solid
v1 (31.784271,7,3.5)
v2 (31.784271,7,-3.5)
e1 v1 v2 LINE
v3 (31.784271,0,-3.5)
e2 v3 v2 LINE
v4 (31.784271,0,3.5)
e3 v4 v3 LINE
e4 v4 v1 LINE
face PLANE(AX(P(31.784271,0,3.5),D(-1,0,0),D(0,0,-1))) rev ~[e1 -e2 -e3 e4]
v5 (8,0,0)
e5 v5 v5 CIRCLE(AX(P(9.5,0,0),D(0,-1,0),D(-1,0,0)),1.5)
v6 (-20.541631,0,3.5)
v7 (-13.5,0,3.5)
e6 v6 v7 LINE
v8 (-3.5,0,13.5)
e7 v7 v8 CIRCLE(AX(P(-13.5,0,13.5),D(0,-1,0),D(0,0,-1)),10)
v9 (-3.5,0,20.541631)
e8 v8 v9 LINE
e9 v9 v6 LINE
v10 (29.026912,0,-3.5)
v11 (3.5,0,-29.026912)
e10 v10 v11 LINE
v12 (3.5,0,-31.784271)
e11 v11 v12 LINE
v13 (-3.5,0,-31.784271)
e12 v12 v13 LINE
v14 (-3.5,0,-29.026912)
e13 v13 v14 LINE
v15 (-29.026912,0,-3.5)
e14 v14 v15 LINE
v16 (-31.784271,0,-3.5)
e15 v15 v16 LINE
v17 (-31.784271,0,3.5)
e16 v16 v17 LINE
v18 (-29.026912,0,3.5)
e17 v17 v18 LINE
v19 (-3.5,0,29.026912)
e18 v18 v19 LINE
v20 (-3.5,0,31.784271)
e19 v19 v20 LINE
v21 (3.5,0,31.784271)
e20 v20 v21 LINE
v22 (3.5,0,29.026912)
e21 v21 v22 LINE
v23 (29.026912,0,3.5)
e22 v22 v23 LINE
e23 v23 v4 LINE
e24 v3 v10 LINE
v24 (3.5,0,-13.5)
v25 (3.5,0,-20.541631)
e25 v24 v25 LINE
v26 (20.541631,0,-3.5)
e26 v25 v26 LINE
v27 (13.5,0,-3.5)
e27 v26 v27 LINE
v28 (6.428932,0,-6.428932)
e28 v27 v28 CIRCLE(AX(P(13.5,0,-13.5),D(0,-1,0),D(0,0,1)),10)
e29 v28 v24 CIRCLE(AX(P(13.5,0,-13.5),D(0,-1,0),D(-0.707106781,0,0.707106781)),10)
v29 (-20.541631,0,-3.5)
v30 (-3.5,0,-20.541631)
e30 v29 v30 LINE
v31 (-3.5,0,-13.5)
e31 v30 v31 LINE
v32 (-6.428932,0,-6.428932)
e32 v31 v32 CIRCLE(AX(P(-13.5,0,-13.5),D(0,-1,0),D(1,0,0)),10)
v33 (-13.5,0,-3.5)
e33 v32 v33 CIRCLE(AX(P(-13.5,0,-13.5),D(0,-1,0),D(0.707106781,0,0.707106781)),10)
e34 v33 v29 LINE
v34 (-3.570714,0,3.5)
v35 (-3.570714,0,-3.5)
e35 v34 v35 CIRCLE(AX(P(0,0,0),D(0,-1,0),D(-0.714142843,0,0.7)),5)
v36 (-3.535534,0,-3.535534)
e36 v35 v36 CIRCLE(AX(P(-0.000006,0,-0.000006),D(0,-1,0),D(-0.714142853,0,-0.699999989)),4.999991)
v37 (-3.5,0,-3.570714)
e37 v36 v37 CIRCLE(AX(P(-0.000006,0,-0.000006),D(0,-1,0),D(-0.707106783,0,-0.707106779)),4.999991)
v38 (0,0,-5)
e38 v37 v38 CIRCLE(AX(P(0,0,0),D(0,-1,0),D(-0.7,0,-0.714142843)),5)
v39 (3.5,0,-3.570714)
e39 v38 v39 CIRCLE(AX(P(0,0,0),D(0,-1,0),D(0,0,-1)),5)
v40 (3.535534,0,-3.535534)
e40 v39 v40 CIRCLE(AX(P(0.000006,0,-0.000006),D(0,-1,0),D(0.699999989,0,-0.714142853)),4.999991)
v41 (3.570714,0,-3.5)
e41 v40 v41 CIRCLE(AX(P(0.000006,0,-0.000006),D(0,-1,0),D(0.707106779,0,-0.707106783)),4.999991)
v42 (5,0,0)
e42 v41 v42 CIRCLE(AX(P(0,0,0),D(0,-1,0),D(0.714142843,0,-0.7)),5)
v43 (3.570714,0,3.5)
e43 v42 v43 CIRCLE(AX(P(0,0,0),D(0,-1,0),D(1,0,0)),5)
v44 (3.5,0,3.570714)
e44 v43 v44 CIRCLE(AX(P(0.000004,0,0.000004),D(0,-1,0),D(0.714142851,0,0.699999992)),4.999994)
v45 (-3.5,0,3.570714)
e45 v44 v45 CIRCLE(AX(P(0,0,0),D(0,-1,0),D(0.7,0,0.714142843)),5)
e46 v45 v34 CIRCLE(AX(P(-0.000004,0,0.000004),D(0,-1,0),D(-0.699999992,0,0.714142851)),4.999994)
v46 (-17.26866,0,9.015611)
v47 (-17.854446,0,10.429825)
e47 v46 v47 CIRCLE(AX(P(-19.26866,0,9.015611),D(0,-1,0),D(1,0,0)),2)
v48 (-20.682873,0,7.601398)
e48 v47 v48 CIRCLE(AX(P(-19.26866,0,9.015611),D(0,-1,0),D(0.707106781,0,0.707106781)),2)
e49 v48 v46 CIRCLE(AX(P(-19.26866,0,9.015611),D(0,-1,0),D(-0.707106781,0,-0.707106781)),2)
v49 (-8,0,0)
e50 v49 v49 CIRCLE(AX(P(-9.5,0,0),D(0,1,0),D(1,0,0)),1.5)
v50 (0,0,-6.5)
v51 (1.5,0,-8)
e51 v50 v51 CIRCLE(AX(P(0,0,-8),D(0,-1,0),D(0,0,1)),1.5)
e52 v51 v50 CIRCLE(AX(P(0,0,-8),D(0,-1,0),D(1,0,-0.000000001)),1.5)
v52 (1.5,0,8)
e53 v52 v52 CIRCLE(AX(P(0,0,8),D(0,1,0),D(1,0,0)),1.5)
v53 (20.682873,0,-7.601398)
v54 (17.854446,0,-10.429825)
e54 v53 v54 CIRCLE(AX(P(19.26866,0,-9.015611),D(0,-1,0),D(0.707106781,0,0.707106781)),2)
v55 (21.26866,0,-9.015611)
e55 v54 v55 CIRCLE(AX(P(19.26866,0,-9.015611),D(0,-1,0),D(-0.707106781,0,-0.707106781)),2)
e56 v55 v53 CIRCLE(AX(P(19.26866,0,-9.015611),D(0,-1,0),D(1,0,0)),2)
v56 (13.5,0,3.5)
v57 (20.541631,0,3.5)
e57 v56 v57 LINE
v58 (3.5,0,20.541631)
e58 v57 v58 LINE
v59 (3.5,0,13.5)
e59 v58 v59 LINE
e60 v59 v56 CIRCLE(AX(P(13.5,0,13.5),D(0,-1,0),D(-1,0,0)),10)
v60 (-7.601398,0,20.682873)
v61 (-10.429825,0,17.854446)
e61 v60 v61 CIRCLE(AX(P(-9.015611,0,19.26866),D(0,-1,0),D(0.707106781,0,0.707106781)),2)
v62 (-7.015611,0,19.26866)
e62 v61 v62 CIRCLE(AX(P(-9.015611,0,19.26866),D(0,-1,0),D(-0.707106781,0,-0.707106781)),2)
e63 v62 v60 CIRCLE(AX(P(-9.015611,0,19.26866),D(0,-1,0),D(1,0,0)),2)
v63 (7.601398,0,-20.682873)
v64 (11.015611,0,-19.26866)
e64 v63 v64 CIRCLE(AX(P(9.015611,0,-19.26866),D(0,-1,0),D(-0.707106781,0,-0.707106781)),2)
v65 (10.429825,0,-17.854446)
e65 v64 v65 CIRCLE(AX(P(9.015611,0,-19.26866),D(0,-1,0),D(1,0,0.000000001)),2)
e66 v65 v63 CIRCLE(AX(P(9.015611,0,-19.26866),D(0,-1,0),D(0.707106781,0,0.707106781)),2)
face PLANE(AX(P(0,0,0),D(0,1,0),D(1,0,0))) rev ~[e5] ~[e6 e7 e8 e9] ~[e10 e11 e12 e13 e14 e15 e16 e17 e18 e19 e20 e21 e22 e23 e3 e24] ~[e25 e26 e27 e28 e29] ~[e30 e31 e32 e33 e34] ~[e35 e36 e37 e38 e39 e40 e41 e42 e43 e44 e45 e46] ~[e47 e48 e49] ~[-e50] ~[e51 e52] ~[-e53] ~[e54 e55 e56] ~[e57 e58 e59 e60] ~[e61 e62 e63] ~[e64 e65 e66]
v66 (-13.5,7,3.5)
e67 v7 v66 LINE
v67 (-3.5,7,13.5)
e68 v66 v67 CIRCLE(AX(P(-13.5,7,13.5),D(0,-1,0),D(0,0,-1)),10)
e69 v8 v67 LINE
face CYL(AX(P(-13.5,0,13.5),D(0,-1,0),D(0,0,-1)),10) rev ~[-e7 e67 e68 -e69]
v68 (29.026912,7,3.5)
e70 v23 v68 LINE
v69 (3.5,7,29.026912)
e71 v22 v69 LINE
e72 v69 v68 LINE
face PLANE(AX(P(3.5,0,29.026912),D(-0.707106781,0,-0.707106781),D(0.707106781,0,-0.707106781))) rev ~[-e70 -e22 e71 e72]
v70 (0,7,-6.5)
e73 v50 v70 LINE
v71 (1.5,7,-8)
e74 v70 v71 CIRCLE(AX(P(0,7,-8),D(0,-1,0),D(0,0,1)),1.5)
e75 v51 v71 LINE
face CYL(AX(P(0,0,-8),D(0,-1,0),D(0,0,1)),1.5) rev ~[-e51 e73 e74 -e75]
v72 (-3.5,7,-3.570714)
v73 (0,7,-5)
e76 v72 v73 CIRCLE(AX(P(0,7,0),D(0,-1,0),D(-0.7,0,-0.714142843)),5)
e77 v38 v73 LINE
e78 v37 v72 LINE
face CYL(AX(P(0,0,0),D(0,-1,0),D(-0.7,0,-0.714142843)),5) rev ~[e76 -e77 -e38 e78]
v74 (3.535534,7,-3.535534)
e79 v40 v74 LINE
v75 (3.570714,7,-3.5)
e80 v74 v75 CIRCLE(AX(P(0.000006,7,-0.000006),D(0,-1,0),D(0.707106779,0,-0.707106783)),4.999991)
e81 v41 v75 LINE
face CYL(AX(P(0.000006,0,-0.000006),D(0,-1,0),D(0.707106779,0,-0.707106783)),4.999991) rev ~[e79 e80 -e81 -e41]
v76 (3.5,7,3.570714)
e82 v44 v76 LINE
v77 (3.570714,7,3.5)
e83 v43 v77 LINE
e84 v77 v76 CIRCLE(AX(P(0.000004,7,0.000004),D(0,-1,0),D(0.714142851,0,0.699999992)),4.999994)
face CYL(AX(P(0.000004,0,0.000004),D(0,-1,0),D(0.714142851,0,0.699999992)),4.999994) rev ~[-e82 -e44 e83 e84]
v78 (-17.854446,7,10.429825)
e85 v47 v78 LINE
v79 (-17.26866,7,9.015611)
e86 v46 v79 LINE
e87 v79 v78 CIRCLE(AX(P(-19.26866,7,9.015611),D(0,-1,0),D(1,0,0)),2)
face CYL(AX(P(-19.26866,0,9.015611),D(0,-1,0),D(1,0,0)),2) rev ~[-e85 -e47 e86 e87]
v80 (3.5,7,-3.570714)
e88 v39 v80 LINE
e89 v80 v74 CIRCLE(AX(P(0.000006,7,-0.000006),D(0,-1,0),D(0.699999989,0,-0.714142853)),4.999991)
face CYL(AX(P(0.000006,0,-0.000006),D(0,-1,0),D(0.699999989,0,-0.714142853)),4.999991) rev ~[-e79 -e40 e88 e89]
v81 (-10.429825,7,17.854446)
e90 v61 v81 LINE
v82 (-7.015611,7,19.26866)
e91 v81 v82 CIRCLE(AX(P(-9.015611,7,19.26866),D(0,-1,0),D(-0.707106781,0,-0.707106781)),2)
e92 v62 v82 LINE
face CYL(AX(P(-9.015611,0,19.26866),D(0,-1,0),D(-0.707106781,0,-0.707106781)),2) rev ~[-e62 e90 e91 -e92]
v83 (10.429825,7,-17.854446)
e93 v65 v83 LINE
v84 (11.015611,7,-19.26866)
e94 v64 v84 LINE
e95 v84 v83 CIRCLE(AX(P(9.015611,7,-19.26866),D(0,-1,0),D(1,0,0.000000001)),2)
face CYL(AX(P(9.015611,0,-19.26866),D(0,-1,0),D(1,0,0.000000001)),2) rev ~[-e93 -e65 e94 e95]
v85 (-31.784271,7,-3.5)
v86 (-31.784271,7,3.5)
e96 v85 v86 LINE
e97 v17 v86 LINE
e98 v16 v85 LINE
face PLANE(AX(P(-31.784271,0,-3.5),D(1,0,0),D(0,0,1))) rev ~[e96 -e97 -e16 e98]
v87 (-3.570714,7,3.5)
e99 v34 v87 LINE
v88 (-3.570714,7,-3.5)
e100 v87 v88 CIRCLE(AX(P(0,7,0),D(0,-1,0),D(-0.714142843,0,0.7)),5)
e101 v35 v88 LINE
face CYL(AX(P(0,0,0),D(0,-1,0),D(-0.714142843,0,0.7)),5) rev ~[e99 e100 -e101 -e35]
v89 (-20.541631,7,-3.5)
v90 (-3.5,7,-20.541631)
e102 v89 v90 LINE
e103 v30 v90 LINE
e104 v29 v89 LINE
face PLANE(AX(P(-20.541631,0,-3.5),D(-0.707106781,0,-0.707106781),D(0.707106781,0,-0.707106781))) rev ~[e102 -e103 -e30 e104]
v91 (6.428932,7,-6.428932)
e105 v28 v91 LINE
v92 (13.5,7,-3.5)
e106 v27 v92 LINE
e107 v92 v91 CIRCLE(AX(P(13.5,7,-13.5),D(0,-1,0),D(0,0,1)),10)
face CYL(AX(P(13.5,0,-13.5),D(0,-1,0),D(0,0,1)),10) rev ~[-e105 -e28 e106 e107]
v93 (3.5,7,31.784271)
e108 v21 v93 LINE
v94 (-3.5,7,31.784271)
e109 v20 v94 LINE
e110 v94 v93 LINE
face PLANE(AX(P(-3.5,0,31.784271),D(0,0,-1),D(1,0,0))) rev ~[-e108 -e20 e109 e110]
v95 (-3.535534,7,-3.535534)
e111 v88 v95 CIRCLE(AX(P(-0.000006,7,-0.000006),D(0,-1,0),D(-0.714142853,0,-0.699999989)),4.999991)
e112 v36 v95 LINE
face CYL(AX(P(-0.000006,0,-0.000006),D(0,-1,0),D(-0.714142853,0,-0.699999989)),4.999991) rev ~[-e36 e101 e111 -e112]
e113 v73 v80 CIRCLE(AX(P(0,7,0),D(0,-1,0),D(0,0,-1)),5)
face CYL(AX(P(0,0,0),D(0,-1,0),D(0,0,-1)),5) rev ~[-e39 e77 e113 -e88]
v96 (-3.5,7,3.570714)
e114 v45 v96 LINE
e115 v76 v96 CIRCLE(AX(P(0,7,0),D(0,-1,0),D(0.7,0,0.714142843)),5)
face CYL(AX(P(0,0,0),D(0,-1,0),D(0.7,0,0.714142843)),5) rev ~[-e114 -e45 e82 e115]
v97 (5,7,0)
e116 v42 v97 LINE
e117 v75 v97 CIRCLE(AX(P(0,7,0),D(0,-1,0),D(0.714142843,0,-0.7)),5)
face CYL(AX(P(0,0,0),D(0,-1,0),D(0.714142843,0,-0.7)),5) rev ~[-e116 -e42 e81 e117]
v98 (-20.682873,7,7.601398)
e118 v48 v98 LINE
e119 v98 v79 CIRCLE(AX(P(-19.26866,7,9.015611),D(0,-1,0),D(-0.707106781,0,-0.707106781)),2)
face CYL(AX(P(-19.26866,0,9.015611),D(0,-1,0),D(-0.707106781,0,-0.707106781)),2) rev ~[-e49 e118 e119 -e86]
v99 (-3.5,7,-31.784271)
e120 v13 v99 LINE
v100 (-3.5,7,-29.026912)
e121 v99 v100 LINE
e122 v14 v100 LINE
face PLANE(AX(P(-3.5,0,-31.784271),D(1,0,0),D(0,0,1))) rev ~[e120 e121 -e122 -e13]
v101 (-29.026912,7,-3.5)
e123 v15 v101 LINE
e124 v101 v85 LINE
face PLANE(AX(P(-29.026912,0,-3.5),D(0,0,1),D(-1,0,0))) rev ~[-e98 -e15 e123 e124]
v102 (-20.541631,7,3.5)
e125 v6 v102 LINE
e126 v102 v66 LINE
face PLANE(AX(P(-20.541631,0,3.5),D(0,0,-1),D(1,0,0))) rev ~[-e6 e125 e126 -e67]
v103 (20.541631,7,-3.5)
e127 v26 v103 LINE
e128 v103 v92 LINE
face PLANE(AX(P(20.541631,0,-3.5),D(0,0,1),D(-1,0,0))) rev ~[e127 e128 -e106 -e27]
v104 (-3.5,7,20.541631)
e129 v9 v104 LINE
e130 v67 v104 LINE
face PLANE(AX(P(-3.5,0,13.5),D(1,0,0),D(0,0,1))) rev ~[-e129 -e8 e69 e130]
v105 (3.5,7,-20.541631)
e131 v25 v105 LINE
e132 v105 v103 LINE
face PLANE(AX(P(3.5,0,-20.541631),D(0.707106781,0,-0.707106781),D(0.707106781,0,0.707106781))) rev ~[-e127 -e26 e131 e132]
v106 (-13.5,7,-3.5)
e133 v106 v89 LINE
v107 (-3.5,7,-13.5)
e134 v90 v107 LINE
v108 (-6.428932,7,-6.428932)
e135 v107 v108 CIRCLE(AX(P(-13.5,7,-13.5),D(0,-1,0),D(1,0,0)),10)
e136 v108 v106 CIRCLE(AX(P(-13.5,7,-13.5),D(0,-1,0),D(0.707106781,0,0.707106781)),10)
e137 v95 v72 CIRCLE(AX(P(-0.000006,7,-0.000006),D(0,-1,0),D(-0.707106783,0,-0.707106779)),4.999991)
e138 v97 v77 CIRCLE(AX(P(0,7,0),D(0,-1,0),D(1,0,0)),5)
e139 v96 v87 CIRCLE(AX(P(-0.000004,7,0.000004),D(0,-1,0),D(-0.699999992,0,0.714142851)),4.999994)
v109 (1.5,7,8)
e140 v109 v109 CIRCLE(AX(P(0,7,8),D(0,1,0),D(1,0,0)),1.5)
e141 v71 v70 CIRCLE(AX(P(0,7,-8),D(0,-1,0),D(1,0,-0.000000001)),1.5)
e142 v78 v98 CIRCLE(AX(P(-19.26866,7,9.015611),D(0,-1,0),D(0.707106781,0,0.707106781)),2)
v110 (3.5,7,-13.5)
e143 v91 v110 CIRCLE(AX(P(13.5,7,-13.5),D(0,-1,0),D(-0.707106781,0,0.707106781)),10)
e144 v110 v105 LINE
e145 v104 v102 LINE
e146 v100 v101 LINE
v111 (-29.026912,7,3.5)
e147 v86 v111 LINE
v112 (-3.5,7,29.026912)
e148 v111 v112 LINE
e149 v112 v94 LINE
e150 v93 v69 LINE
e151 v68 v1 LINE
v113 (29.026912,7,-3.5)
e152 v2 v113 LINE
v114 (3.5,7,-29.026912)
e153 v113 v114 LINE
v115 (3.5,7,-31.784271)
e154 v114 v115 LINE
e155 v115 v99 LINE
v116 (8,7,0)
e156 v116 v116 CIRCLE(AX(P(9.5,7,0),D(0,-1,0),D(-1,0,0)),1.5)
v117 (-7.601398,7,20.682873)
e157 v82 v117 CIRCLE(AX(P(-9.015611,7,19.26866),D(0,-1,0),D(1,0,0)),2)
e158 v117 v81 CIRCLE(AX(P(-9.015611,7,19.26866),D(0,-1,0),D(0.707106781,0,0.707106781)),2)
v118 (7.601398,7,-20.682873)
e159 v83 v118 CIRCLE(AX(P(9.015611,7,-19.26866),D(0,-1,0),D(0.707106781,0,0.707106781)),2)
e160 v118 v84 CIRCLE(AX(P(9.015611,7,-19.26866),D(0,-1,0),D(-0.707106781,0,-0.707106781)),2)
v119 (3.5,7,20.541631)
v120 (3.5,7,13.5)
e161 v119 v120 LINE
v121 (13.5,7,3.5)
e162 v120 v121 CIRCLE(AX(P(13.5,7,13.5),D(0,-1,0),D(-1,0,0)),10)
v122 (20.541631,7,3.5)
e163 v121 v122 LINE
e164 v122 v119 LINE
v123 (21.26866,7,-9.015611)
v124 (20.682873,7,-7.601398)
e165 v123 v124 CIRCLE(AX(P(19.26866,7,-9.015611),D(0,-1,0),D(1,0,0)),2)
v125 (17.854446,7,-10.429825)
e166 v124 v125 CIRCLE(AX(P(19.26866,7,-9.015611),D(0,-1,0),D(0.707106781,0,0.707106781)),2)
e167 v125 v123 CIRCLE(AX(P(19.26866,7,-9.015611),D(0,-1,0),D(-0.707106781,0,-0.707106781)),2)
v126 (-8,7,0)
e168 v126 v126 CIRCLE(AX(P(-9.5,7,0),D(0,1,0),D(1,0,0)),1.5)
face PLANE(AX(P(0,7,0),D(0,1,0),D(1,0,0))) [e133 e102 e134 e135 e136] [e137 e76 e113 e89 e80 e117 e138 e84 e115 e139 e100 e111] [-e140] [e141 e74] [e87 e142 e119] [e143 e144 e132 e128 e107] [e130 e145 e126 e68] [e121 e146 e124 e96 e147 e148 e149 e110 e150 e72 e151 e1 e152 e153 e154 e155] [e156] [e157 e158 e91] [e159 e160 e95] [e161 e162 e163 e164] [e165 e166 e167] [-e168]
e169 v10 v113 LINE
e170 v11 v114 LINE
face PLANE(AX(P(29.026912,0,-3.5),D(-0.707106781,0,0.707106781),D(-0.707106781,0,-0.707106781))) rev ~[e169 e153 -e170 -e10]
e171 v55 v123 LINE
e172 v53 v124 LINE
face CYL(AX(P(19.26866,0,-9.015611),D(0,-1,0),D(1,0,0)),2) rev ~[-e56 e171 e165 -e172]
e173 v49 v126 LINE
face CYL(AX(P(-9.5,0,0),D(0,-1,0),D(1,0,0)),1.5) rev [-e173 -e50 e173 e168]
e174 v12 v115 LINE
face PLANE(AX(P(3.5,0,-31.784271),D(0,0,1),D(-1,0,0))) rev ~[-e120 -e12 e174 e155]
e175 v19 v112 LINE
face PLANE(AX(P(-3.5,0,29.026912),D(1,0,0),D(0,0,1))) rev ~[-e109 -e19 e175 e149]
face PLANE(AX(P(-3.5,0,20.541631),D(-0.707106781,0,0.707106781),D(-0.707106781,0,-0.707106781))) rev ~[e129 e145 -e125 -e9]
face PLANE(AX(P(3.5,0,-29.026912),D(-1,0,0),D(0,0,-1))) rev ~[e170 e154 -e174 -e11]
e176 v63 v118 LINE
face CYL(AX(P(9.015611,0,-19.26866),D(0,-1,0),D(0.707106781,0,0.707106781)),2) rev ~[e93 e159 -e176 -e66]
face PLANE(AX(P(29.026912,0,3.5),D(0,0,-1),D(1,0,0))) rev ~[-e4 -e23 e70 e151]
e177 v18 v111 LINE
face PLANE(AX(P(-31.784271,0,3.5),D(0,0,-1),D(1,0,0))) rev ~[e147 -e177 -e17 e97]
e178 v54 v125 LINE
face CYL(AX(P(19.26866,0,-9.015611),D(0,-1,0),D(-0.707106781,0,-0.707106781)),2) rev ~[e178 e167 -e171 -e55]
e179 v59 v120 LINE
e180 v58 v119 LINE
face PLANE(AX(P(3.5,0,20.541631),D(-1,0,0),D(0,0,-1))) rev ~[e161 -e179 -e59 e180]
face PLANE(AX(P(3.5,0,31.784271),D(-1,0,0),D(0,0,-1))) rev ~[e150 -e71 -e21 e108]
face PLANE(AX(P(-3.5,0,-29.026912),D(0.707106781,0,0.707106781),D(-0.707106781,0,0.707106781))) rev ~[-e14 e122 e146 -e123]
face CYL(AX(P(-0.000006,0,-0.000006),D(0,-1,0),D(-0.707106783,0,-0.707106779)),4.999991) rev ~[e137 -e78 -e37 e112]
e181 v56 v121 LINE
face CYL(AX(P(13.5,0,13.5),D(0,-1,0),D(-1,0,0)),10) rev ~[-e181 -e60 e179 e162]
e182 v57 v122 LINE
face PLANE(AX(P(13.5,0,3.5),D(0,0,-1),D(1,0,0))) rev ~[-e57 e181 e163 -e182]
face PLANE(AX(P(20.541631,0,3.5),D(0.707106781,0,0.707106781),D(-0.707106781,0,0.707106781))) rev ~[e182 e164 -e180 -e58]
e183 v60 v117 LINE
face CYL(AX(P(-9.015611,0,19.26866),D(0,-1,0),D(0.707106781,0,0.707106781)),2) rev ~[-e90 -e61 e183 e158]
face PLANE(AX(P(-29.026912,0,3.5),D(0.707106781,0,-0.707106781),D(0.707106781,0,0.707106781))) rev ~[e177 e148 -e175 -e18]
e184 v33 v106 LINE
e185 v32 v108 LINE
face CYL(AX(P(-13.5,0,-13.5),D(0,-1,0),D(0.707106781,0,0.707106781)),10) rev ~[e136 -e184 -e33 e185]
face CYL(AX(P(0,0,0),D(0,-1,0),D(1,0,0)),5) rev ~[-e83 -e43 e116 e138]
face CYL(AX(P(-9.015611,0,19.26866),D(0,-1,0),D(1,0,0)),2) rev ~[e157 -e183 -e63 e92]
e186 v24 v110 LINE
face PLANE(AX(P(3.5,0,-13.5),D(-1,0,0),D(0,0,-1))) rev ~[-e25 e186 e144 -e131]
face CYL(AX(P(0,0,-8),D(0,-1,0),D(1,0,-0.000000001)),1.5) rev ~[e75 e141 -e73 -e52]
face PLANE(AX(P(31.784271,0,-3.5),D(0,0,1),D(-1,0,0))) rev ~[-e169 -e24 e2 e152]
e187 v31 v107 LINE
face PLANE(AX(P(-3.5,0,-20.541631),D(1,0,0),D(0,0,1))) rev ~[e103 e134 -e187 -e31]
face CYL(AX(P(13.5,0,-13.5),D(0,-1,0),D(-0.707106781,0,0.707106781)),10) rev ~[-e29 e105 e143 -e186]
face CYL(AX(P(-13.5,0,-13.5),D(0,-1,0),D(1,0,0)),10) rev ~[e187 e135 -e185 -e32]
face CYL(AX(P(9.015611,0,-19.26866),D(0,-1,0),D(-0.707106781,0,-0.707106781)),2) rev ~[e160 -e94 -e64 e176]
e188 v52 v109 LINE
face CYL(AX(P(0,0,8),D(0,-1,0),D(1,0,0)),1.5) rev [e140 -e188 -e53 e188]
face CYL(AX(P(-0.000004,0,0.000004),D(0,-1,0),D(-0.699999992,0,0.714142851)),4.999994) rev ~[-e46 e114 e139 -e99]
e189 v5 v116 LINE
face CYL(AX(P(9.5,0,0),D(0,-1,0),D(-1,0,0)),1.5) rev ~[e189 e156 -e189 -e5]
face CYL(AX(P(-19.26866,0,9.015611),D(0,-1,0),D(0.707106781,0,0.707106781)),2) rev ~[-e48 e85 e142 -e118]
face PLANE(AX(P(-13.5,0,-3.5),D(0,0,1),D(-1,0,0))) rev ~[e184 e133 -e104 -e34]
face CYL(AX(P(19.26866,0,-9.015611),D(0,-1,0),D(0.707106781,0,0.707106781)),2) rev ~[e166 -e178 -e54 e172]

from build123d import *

# Parameters (mm, degrees)
SKETCH1_R           = 1.5
BOSS_EXTRUDE1_DEPTH = 7


with BuildPart() as part:
    # Sketch1 → Boss-Extrude1 (new body)
    with BuildSketch(Plane(origin=(0, 0, 0), x_dir=(1, 0, 0), z_dir=(0, 1, 0))):
        Polygon((-3.5, -29.026911935), (-3.5, -31.784271247), (3.5, -31.784271247), (3.5, -29.026911935), (29.026911935, -3.5), (31.784271247, -3.5), (31.784271247, 3.5), (29.026911935, 3.5), (3.5, 29.026911935), (3.5, 31.784271247), (-3.5, 31.784271247), (-3.5, 29.026911935), (-29.026911935, 3.5), (-31.784271247, 3.5), (-31.784271247, 0.742640687), (-31.784271247, -3.5), (-29.026911935, -3.5), align=None)
        with BuildLine():
            ThreePointArc((-7.01561146, -19.268659787), (-7.167852395, -20.034026652), (-7.601397898, -20.68287335))
            ThreePointArc((-7.601397898, -20.68287335), (-10.429825023, -20.68287335), (-10.429825023, -17.854446225))
            ThreePointArc((-10.429825023, -17.854446225), (-8.250244595, -17.420900722), (-7.01561146, -19.268659787))
        make_face(mode=Mode.SUBTRACT)
        with BuildLine():
            ThreePointArc((-17.854446225, -10.429825023), (-20.68287335, -10.429825023), (-20.68287335, -7.601397898))
            ThreePointArc((-20.68287335, -7.601397898), (-18.503292923, -7.167852395), (-17.268659787, -9.01561146))
            ThreePointArc((-17.268659787, -9.01561146), (-17.420900722, -9.780978325), (-17.854446225, -10.429825023))
        make_face(mode=Mode.SUBTRACT)
        with BuildLine():
            Line((-3.5, -13.5), (-3.5, -20.54163056))
            Line((-3.5, -20.54163056), (-20.54163056, -3.5))
            Line((-20.54163056, -3.5), (-13.5, -3.5))
            ThreePointArc((-13.5, -3.5), (-6.428932188, -6.428932188), (-3.5, -13.5))
        make_face(mode=Mode.SUBTRACT)
        with Locations((0, -8)):
            Circle(SKETCH1_R, mode=Mode.SUBTRACT)
        with BuildLine():
            ThreePointArc((3.5, -13.5), (6.428932188, -6.428932188), (13.5, -3.5))
            Line((13.5, -3.5), (20.54163056, -3.5))
            Line((20.54163056, -3.5), (3.5, -20.54163056))
            Line((3.5, -20.54163056), (3.5, -13.5))
        make_face(mode=Mode.SUBTRACT)
        with Locations((-9.5, 0)):
            Circle(SKETCH1_R, mode=Mode.SUBTRACT)
        with BuildLine():
            Line((-20.54163056, 3.5), (-3.5, 20.54163056))
            Line((-3.5, 20.54163056), (-3.5, 13.5))
            ThreePointArc((-3.5, 13.5), (-4.261204675, 9.673165676), (-6.428932188, 6.428932188))
            ThreePointArc((-6.428932188, 6.428932188), (-9.673165676, 4.261204675), (-13.5, 3.5))
            Line((-13.5, 3.5), (-20.54163056, 3.5))
        make_face(mode=Mode.SUBTRACT)
        with BuildLine():
            ThreePointArc((3.570714214, 3.5), (4.628907596, 1.890294809), (5, 0))
            ThreePointArc((5, 0), (4.628907596, -1.890294809), (3.570714214, -3.5))
            ThreePointArc((3.570714214, -3.5), (3.535533906, -3.535533906), (3.5, -3.570714214))
            ThreePointArc((3.5, -3.570714214), (0, -5), (-3.5, -3.570714214))
            ThreePointArc((-3.5, -3.570714214), (-3.535533906, -3.535533906), (-3.570714214, -3.5))
            ThreePointArc((-3.570714214, -3.5), (-5, 0), (-3.570714214, 3.5))
            ThreePointArc((-3.570714214, 3.5), (-3.553168481, 3.517810931), (-3.535533906, 3.535533906))
            ThreePointArc((-3.535533906, 3.535533906), (-3.517810931, 3.553168481), (-3.5, 3.570714214))
            ThreePointArc((-3.5, 3.570714214), (-1.890294809, 4.628907596), (0, 5))
            ThreePointArc((0, 5), (1.890294809, 4.628907596), (3.5, 3.570714214))
            ThreePointArc((3.5, 3.570714214), (3.517810931, 3.553168481), (3.535533906, 3.535533906))
            ThreePointArc((3.535533906, 3.535533906), (3.553168481, 3.517810931), (3.570714214, 3.5))
        make_face(mode=Mode.SUBTRACT)
        with BuildLine():
            ThreePointArc((11, 0), (9.5, -1.5), (8, 0))
            ThreePointArc((8, 0), (9.5, 1.5), (11, 0))
        make_face(mode=Mode.SUBTRACT)
        with BuildLine():
            ThreePointArc((0, 6.5), (-1.060660172, 9.060660172), (1.5, 8))
            ThreePointArc((1.5, 8), (1.060660172, 6.939339828), (0, 6.5))
        make_face(mode=Mode.SUBTRACT)
        with BuildLine():
            ThreePointArc((13.5, 3.5), (9.673165676, 4.261204675), (6.428932188, 6.428932188))
            ThreePointArc((6.428932188, 6.428932188), (4.261204675, 9.673165676), (3.5, 13.5))
            Line((3.5, 13.5), (3.5, 20.54163056))
            Line((3.5, 20.54163056), (12.02081528, 12.02081528))
            Line((12.02081528, 12.02081528), (20.54163056, 3.5))
            Line((20.54163056, 3.5), (13.5, 3.5))
        make_face(mode=Mode.SUBTRACT)
        with BuildLine():
            ThreePointArc((20.68287335, 7.601397898), (17.854446225, 7.601397898), (17.854446225, 10.429825023))
            ThreePointArc((17.854446225, 10.429825023), (20.034026652, 10.863370525), (21.268659787, 9.01561146))
            ThreePointArc((21.268659787, 9.01561146), (21.116418852, 8.250244595), (20.68287335, 7.601397898))
        make_face(mode=Mode.SUBTRACT)
        with BuildLine():
            ThreePointArc((10.429825023, 17.854446225), (7.601397898, 17.854446225), (7.601397898, 20.68287335))
            ThreePointArc((7.601397898, 20.68287335), (9.780978325, 21.116418852), (11.01561146, 19.268659787))
            ThreePointArc((11.01561146, 19.268659787), (10.863370525, 18.503292923), (10.429825023, 17.854446225))
        make_face(mode=Mode.SUBTRACT)
    extrude(amount=BOSS_EXTRUDE1_DEPTH)


solid = part.part
